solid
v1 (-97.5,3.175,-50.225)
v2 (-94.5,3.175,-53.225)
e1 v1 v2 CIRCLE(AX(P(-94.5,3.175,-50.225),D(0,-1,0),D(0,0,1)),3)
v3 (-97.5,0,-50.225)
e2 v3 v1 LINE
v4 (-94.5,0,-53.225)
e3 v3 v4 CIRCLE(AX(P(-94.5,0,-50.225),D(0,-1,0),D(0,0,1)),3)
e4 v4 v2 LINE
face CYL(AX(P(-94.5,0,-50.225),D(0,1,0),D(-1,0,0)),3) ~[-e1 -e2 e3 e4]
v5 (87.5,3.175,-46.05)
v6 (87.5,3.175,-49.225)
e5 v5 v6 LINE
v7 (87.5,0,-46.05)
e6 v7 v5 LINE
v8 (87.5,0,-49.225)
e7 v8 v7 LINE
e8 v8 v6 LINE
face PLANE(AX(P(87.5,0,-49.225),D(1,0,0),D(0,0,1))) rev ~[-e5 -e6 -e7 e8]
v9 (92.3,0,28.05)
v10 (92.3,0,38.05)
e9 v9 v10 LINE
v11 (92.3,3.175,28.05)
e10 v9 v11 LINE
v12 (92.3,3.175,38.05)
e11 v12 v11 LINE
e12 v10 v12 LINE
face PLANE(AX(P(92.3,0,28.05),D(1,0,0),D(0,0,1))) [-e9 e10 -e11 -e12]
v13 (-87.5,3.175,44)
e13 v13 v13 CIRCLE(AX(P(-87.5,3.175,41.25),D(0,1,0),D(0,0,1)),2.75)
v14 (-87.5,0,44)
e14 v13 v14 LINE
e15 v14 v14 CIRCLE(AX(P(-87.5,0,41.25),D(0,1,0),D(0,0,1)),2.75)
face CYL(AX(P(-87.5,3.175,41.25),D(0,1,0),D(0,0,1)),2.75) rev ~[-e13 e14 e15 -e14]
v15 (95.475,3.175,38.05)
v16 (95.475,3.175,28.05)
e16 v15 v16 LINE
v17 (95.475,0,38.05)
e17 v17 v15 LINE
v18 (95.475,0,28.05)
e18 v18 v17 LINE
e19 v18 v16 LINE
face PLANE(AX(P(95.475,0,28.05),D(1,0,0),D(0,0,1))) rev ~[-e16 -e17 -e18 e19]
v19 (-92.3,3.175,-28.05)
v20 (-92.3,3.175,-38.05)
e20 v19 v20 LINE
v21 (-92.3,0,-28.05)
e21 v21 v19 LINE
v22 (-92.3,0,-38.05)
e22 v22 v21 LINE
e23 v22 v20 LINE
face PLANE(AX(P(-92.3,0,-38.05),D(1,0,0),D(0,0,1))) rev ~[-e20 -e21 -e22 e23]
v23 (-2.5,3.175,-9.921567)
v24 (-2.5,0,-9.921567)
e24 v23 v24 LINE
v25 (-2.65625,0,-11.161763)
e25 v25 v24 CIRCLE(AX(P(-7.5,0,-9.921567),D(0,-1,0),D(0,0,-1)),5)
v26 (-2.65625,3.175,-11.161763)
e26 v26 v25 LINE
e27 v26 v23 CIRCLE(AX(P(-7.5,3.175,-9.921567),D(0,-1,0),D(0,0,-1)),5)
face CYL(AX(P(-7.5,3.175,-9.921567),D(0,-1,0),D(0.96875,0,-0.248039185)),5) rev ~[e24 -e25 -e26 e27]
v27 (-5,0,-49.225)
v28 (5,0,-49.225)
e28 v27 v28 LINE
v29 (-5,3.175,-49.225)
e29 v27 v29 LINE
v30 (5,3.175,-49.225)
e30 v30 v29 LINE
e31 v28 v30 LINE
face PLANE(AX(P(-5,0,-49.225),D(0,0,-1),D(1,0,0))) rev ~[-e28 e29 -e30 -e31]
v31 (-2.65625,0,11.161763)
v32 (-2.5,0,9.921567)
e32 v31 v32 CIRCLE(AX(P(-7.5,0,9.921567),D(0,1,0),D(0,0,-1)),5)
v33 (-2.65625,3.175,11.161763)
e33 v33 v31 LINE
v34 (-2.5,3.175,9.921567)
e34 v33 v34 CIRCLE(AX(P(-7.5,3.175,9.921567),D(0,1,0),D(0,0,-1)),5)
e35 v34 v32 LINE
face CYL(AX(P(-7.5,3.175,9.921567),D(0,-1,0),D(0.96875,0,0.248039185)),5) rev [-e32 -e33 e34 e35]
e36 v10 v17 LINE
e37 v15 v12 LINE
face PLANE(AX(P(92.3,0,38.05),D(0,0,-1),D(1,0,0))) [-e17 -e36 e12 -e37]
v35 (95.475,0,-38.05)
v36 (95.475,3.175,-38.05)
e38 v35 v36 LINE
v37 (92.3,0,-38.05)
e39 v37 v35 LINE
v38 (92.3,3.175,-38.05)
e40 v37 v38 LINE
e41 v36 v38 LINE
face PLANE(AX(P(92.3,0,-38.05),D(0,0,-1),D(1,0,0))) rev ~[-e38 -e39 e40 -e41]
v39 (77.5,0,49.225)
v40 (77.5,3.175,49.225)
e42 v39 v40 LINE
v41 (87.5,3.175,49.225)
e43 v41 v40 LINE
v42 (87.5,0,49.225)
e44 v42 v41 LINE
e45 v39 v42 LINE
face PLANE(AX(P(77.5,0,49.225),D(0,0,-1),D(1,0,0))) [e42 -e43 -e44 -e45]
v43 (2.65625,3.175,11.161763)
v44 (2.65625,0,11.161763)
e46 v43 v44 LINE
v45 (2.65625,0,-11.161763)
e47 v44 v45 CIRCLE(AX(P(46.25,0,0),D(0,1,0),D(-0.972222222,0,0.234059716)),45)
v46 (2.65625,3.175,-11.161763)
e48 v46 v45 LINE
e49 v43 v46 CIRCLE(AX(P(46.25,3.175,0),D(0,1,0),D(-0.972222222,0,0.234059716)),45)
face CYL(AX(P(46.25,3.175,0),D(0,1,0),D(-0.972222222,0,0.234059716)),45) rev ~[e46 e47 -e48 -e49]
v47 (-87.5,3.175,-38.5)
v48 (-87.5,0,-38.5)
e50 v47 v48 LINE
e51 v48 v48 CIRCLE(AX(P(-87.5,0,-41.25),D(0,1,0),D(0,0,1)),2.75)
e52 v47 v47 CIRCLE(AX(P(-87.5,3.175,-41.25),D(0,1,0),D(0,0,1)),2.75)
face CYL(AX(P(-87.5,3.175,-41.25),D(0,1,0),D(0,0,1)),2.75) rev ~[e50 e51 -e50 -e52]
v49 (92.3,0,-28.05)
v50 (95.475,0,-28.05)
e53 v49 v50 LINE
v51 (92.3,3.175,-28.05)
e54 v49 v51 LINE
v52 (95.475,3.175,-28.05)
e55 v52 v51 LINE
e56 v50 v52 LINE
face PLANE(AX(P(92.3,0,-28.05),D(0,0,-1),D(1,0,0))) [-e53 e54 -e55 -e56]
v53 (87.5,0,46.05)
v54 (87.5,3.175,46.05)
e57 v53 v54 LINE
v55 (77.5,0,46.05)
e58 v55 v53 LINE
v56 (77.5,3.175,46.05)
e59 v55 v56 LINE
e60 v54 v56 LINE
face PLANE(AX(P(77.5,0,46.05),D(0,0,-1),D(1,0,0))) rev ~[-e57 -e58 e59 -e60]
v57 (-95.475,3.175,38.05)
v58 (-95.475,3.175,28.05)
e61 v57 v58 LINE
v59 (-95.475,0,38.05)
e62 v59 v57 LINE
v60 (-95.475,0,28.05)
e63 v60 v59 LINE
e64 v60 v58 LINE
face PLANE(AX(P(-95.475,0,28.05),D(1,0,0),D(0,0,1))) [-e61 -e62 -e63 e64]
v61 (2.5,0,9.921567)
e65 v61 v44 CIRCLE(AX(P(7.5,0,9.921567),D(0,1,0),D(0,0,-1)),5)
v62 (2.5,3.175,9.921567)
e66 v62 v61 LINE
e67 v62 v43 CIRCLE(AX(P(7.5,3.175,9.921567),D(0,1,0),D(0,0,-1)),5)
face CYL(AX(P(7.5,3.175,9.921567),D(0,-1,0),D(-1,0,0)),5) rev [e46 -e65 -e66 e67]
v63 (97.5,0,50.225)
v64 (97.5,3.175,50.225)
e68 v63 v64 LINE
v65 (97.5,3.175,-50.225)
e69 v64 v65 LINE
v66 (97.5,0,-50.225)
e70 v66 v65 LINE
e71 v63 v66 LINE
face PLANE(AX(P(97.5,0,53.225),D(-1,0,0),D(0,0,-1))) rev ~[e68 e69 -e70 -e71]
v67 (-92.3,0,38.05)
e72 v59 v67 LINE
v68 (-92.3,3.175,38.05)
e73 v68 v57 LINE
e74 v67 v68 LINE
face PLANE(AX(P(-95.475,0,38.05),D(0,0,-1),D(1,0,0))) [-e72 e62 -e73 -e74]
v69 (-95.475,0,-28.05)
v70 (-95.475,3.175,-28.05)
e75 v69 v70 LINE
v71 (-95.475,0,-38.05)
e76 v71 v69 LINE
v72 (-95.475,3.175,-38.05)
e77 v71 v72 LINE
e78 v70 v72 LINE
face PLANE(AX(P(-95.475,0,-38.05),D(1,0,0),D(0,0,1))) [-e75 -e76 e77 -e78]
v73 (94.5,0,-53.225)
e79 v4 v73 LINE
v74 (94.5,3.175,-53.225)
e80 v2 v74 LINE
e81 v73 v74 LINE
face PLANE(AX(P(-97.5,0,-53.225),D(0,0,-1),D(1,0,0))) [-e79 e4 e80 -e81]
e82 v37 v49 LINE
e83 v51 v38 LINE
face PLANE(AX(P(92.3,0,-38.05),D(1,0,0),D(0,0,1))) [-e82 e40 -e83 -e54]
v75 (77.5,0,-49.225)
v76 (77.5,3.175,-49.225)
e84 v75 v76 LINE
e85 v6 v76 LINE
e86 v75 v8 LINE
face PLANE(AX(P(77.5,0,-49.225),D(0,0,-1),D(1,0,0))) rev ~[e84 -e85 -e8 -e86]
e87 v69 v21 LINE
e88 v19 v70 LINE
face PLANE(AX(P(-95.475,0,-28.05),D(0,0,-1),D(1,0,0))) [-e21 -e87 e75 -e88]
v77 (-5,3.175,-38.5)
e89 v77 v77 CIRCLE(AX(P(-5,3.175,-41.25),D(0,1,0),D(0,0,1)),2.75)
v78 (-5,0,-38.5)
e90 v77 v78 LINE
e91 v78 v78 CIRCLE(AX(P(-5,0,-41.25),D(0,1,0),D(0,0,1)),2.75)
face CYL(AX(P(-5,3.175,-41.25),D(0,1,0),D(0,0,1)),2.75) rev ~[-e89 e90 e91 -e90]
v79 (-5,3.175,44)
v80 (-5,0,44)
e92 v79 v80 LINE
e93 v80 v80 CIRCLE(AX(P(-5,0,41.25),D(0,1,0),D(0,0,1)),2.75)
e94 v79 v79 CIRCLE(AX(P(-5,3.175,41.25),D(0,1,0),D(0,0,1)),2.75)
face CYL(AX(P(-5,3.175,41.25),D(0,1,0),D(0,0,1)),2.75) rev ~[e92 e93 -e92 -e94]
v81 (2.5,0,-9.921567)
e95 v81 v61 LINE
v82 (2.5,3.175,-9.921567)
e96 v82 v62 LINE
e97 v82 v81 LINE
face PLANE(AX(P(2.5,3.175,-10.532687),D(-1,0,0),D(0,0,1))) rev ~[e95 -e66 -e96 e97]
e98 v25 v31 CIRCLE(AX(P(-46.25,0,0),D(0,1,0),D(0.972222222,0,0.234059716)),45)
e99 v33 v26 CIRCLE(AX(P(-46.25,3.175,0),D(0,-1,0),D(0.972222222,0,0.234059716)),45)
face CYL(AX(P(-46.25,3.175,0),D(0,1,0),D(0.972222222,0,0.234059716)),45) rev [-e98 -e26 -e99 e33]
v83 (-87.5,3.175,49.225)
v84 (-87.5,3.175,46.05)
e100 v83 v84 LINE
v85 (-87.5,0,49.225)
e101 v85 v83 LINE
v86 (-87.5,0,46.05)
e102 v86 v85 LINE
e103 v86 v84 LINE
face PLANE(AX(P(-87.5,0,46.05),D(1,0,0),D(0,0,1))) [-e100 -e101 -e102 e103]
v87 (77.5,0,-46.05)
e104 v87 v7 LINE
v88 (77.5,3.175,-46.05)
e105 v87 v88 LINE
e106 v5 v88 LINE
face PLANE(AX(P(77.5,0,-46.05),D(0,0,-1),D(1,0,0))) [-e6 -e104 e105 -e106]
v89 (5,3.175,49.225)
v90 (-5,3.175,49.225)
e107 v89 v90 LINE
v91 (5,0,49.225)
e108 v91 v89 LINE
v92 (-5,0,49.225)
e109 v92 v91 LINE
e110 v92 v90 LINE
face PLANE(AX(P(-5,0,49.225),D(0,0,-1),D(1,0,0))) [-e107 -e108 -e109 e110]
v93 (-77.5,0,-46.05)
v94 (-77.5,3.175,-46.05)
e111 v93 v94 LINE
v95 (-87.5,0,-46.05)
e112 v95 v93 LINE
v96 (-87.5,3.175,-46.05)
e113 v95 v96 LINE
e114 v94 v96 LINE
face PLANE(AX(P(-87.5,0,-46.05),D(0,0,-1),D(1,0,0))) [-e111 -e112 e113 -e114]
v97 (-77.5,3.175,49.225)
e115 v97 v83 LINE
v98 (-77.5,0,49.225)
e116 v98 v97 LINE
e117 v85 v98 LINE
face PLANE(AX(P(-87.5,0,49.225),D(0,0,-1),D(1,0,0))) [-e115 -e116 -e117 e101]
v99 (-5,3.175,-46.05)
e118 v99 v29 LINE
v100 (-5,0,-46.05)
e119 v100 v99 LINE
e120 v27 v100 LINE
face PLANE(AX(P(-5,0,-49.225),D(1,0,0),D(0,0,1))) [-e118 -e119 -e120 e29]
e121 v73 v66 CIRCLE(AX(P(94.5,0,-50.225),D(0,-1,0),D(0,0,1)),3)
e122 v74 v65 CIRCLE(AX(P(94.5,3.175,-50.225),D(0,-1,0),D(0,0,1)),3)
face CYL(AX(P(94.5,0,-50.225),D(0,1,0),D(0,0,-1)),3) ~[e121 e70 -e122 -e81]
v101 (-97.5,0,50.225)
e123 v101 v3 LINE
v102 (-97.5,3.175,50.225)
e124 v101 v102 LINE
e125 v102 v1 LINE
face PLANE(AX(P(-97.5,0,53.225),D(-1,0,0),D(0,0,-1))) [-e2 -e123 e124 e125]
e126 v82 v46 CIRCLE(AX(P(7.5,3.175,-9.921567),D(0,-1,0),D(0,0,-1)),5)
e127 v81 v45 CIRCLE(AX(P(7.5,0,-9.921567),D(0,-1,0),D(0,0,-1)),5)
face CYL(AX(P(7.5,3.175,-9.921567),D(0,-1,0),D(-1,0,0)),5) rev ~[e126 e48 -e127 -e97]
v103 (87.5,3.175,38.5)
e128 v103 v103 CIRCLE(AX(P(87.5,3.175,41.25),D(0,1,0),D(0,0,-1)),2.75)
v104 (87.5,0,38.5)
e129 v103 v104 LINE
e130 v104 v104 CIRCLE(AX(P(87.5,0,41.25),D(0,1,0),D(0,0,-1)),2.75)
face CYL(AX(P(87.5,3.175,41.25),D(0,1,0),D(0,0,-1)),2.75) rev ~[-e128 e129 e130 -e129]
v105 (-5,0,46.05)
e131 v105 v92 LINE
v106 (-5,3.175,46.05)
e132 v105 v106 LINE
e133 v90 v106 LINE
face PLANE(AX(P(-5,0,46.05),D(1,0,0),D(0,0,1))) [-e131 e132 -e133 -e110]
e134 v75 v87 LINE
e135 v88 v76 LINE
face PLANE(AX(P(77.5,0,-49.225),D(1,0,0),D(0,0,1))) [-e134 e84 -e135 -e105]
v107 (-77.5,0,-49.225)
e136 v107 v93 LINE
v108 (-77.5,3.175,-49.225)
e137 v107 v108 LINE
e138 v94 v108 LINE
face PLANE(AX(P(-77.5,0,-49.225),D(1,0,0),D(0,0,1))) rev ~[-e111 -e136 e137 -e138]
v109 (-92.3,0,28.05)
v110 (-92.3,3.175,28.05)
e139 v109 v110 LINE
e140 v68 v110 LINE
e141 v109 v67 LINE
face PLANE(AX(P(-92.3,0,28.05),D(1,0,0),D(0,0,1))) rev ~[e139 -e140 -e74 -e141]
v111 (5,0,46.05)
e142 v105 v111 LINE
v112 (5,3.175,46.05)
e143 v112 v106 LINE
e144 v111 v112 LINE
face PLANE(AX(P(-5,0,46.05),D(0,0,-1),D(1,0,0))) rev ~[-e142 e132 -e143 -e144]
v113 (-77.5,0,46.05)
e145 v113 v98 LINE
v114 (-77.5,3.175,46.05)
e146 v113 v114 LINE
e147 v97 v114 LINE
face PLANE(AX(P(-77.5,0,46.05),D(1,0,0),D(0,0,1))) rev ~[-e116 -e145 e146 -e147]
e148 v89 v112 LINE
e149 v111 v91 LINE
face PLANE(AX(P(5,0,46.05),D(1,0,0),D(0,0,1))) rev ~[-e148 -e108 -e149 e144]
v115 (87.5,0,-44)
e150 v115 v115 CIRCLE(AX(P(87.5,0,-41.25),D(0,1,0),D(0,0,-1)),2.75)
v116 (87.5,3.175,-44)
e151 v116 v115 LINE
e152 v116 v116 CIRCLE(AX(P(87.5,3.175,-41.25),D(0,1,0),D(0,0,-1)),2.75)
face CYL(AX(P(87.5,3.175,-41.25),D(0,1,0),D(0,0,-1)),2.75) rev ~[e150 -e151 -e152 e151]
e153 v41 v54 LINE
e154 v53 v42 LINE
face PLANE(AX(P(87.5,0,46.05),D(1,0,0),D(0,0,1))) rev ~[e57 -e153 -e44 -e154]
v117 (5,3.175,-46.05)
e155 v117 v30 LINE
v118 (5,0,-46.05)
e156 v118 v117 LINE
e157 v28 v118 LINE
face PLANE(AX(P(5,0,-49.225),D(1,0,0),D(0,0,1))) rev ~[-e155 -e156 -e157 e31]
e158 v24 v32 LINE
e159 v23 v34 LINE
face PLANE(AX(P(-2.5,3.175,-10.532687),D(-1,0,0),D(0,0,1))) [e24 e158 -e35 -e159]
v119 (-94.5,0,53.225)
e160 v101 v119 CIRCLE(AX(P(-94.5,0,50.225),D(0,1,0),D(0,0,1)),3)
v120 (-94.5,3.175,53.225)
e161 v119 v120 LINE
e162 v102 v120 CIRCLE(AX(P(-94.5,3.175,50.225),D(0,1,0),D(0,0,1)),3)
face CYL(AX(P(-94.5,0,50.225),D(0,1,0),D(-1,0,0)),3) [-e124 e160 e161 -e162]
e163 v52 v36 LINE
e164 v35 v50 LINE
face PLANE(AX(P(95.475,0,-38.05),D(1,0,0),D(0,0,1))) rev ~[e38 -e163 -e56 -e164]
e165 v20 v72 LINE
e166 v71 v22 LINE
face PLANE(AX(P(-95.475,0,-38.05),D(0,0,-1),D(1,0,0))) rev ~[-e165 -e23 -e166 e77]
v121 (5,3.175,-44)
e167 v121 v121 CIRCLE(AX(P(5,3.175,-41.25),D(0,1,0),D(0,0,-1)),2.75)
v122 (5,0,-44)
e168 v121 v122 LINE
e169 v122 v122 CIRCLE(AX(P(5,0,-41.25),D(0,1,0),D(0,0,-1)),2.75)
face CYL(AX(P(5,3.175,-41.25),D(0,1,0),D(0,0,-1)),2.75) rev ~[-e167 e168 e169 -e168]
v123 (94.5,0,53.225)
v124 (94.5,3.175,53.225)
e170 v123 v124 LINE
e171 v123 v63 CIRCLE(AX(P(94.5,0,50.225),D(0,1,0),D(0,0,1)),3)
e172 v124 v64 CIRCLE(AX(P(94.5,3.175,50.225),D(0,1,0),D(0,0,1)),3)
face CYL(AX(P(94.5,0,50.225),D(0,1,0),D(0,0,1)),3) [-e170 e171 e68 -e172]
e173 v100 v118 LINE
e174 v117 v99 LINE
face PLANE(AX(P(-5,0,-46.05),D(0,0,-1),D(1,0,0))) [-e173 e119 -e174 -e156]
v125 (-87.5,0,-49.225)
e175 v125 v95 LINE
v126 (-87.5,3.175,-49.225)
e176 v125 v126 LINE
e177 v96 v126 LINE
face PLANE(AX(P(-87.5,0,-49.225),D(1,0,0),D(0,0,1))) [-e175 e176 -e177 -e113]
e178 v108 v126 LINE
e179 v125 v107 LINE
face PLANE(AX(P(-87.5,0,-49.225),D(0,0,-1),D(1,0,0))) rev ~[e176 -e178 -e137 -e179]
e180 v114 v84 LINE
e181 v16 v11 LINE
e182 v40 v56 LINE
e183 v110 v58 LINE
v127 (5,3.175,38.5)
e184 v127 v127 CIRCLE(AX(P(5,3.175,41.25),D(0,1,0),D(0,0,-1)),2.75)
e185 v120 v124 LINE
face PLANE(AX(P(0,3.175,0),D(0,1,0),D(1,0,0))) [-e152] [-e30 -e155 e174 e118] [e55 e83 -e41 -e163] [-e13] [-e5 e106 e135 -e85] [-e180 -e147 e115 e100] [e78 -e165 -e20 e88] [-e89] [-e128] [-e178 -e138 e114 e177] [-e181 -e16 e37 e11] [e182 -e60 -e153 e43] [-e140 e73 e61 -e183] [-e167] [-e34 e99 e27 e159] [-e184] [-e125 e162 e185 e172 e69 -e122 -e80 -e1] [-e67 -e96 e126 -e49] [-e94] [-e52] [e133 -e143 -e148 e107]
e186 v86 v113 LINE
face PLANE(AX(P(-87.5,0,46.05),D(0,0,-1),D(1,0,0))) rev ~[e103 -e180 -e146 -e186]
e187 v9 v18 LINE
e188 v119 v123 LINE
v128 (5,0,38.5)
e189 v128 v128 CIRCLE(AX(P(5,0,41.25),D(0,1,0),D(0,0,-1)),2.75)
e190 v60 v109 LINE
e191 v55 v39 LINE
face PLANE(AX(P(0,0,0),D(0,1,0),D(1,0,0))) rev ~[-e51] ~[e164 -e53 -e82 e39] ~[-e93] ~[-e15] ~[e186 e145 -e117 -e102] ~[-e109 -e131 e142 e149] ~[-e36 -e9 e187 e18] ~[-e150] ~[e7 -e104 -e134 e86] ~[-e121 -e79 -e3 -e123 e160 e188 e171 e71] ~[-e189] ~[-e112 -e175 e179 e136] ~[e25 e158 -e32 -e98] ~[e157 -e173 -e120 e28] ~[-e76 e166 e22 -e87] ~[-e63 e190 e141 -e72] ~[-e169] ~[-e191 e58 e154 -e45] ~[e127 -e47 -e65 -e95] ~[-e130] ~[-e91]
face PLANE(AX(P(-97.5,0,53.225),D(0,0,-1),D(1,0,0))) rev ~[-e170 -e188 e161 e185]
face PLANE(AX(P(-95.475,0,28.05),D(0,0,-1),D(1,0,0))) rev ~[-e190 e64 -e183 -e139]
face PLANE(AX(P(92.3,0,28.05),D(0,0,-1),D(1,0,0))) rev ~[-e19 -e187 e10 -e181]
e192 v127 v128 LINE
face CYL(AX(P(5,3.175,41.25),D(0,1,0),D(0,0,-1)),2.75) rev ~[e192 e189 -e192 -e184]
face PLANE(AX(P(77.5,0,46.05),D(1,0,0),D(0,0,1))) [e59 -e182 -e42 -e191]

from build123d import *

# Parameters (mm, degrees)
SKETCH1_W           = 195
SKETCH1_H           = 106.45
BOSS_EXTRUDE1_DEPTH = 3.175
SKETCH2_R           = 2.75
CUT_EXTRUDE1_DEPTH  = 112.127095031
FILLET1_R           = 5
FILLET2_R           = 3
SKETCH4_W           = 10
SKETCH4_H           = 3.175
SKETCH4_W_2         = 3.175
SKETCH4_H_2         = 10
CUT_EXTRUDE2_DEPTH  = 112.127095031


with BuildPart() as part:
    # Sketch1 → Boss-Extrude1 (new body)
    with BuildSketch(Plane(origin=(0, 0, 0), x_dir=(1, 0, 0), z_dir=(0, 1, 0))):
        Rectangle(SKETCH1_W, SKETCH1_H)
    extrude(amount=BOSS_EXTRUDE1_DEPTH)

    # Sketch2 → Cut-Extrude1 (cut, through all)
    with BuildSketch(Plane(origin=(0, 3.175, 0), x_dir=(1, 0, 0), z_dir=(0, 1, 0))):
        with Locations((-87.5, 41.25)):
            Circle(SKETCH2_R)
        with Locations((-5, 41.25)):
            Circle(SKETCH2_R)
        with Locations((-5, -41.25)):
            Circle(SKETCH2_R)
        with Locations((-87.5, -41.25)):
            Circle(SKETCH2_R)
        with Locations((5, 41.25)):
            Circle(SKETCH2_R)
        with Locations((5, -41.25)):
            Circle(SKETCH2_R)
        with Locations((87.5, -41.25)):
            Circle(SKETCH2_R)
        with Locations((87.5, 41.25)):
            Circle(SKETCH2_R)
        with BuildLine():
            Line((-2.5, 10.532687216), (-2.5, -10.532687216))
            ThreePointArc((-2.5, -10.532687216), (-91.25, 0), (-2.5, 10.532687216))
        make_face()
        with BuildLine():
            Line((2.5, 10.532687216), (2.5, -10.532687216))
            ThreePointArc((2.5, -10.532687216), (91.25, 0), (2.5, 10.532687216))
        make_face()
    extrude(amount=-CUT_EXTRUDE1_DEPTH, mode=Mode.SUBTRACT)

    # Fillet1
    fillet1_edges = [part.edges().sort_by_distance(p)[0] for p in [
        (-2.5, 1.5875, -10.532687216),
        (-2.5, 1.5875, 10.532687216),
        (2.5, 1.5875, 10.532687216),
        (2.5, 1.5875, -10.532687216),
    ]]
    fillet(fillet1_edges, radius=FILLET1_R)

    # Fillet2
    fillet2_edges = [part.edges().sort_by_distance(p)[0] for p in [
        (97.5, 1.5875, -53.225),
        (97.5, 1.5875, 53.225),
        (-97.5, 1.5875, 53.225),
        (-97.5, 1.5875, -53.225),
    ]]
    fillet(fillet2_edges, radius=FILLET2_R)

    # Sketch4 → Cut-Extrude2 (cut, through all)
    with BuildSketch(Plane.XZ):
        with Locations((-82.5, 47.6375)):
            Rectangle(SKETCH4_W, SKETCH4_H)
        with Locations((0, 47.6375)):
            Rectangle(SKETCH4_W, SKETCH4_H)
        with Locations((82.5, 47.6375)):
            Rectangle(SKETCH4_W, SKETCH4_H)
        with Locations((82.5, -47.6375)):
            Rectangle(SKETCH4_W, SKETCH4_H)
        with Locations((0, -47.6375)):
            Rectangle(SKETCH4_W, SKETCH4_H)
        with Locations((-82.5, -47.6375)):
            Rectangle(SKETCH4_W, SKETCH4_H)
        with Locations((93.8875, -33.05)):
            Rectangle(SKETCH4_W_2, SKETCH4_H_2)
        with Locations((93.8875, 33.05)):
            Rectangle(SKETCH4_W_2, SKETCH4_H_2)
        with Locations((-93.8875, 33.05)):
            Rectangle(SKETCH4_W_2, SKETCH4_H_2)
        with Locations((-93.8875, -33.05)):
            Rectangle(SKETCH4_W_2, SKETCH4_H_2)
    extrude(amount=-CUT_EXTRUDE2_DEPTH, mode=Mode.SUBTRACT)


solid = part.part
